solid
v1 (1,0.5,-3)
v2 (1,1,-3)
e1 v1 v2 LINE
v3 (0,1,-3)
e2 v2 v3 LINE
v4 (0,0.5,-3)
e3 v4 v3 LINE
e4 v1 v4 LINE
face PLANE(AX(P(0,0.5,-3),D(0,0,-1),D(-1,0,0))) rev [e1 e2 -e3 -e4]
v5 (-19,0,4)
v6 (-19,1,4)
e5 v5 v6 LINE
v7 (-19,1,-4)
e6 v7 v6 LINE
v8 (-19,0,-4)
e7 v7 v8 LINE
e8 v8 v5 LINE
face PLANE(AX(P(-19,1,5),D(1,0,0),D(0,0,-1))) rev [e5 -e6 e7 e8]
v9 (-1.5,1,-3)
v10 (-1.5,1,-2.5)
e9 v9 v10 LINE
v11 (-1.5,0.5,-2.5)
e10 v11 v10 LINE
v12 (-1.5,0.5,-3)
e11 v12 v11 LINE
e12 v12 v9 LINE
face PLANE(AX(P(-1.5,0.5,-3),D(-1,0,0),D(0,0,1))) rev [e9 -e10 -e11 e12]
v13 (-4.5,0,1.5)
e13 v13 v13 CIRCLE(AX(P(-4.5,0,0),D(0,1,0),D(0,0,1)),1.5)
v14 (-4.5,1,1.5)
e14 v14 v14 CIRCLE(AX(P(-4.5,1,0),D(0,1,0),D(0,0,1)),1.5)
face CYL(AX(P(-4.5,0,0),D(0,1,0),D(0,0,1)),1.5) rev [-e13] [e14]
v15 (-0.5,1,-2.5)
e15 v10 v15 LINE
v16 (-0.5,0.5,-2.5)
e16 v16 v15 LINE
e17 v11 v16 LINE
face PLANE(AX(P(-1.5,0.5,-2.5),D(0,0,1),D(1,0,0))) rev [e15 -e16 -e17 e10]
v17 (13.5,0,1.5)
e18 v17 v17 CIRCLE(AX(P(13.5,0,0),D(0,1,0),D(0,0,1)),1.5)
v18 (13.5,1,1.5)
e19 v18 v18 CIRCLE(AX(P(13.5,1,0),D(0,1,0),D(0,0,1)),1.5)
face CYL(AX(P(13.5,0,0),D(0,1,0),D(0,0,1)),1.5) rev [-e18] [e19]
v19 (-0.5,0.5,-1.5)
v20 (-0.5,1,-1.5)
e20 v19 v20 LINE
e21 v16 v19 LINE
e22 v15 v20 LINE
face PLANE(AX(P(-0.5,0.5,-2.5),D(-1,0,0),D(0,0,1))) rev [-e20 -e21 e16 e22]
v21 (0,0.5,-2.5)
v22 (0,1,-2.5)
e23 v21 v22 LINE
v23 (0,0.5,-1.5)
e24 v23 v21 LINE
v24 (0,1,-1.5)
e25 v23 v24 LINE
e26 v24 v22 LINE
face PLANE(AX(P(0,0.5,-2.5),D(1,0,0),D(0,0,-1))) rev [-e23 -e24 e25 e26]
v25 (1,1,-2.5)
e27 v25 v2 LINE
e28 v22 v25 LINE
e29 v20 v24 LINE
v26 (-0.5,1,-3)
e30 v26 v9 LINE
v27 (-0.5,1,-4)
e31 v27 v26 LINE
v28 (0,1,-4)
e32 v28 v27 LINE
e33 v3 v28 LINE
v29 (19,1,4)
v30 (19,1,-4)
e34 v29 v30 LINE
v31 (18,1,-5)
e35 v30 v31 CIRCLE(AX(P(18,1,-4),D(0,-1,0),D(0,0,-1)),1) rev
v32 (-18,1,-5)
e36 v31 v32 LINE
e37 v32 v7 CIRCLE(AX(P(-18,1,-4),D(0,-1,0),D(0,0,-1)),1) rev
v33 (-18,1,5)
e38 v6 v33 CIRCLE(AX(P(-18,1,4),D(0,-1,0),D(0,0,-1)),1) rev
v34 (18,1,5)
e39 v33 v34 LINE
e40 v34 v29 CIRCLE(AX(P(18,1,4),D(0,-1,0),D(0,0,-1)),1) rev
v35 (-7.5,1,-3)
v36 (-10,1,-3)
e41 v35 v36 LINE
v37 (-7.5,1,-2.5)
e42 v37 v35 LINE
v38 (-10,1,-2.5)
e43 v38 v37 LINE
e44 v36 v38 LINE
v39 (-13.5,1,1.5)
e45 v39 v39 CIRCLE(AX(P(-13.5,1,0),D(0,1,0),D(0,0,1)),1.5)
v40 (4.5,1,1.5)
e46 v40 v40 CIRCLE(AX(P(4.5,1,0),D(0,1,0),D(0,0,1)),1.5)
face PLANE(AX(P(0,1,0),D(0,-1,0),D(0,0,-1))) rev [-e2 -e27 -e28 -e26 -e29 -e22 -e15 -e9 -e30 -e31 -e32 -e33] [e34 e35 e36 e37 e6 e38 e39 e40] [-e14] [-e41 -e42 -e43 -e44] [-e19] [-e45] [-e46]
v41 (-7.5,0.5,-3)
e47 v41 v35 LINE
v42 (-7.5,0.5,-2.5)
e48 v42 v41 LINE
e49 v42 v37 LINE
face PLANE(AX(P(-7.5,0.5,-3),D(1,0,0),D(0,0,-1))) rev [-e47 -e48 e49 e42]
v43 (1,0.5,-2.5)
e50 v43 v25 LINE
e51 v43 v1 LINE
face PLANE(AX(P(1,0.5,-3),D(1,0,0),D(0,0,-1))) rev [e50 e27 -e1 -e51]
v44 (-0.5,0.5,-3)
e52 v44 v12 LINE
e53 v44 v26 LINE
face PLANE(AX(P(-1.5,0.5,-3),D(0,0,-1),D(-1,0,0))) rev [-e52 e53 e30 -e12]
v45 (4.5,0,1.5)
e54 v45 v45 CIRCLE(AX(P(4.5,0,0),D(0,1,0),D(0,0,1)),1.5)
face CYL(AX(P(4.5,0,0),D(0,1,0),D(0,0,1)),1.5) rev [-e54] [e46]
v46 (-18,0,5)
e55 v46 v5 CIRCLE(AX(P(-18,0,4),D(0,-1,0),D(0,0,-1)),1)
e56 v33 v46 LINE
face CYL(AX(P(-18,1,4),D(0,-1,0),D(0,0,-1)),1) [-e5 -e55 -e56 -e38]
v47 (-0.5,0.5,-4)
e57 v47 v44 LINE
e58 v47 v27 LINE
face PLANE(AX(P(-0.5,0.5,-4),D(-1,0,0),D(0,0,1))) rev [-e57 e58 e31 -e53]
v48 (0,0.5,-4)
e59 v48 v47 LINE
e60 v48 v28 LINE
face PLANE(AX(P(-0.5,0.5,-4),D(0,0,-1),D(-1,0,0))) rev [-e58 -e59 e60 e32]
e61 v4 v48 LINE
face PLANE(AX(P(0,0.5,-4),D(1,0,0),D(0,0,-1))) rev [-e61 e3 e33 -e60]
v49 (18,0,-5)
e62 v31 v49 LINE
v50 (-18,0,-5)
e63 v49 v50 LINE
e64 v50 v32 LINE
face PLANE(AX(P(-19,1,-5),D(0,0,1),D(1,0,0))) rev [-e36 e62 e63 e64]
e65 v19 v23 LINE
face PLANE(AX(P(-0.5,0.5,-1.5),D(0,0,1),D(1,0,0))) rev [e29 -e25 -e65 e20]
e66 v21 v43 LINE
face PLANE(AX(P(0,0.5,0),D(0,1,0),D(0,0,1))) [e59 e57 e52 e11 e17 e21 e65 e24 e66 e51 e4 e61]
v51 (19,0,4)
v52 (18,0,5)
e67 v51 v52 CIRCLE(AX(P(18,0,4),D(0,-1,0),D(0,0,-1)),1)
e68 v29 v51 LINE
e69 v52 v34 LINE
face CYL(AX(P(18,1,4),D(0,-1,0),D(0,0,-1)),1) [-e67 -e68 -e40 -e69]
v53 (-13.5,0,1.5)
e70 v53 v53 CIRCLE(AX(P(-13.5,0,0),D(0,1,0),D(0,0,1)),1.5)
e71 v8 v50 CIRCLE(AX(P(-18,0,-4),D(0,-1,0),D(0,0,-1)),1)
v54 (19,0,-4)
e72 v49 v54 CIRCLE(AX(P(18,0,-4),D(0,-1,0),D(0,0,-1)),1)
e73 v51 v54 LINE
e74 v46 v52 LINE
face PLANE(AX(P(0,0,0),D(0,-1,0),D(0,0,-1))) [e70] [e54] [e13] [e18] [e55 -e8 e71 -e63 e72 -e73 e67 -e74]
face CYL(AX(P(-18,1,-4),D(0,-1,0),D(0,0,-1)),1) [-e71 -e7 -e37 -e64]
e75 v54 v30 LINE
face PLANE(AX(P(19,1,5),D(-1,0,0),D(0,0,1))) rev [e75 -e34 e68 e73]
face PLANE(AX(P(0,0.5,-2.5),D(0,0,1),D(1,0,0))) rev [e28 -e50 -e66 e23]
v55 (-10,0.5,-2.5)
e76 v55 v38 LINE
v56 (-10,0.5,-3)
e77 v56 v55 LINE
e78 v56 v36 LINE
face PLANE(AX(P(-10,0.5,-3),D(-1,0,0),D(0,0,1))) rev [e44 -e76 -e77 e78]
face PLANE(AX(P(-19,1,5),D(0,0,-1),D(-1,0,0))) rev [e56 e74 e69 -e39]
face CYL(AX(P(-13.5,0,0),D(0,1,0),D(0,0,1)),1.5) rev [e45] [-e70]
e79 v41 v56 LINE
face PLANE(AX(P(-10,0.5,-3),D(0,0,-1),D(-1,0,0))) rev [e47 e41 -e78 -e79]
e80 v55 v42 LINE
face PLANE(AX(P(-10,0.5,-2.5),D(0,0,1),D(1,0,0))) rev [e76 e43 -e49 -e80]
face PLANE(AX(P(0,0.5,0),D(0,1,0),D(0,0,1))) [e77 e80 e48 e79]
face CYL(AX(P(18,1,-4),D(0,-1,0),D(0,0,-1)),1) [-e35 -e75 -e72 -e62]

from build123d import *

# Parameters (mm, degrees)
SKETCH_1_W          = 38
SKETCH_1_H          = 10
EXTRUDE_1_DEPTH     = 1
FILLET_1_R          = 1
SKETCH_2_R          = 1.5
CUT_EXTRUDE_1_DEPTH = 20.672315573
SKETCH_3_W          = 2.5
SKETCH_3_H          = 0.5
CUT_EXTRUDE_2_DEPTH = 0.5


with BuildPart() as part:
    # Эскиз1 → Бобышка-Вытянуть1 (new body)
    with BuildSketch(Plane(origin=(0, 0, 0), x_dir=(1, 0, 0), z_dir=(0, 1, 0))):
        Rectangle(SKETCH_1_W, SKETCH_1_H)
    extrude(amount=EXTRUDE_1_DEPTH)

    # Скругление1
    fillet_1_edges = [part.edges().sort_by_distance(p)[0] for p in [
        (19, 0.5, 5),
        (-19, 0.5, 5),
        (-19, 0.5, -5),
        (19, 0.5, -5),
    ]]
    fillet(fillet_1_edges, radius=FILLET_1_R)

    # Эскиз2 → Вырез-Вытянуть1 (cut, through all)
    with BuildSketch(Plane(origin=(0, 1, 0), x_dir=(1, 0, 0), z_dir=(0, 1, 0))):
        with Locations(Location((-13.5, 0, 0), (0, 0, 270))):
            Circle(SKETCH_2_R)
        with Locations(Location((-4.5, 0, 0), (0, 0, 270))):
            Circle(SKETCH_2_R)
        with Locations(Location((4.5, 0, 0), (0, 0, 270))):
            Circle(SKETCH_2_R)
        with Locations(Location((13.5, 0, 0), (0, 0, 270))):
            Circle(SKETCH_2_R)
    extrude(amount=-CUT_EXTRUDE_1_DEPTH, mode=Mode.SUBTRACT)

    # Эскиз3 → Вырез-Вытянуть2 (cut)
    with BuildSketch(Plane(origin=(0, 1, 0), x_dir=(1, 0, 0), z_dir=(0, 1, 0))):
        Polygon((0, 2.5), (0, 1.5), (-0.5, 1.5), (-0.5, 2.5), (-1.5, 2.5), (-1.5, 3), (-0.5, 3), (-0.5, 4), (0, 4), (0, 3), (1, 3), (1, 2.5), align=None)
        with Locations((-8.75, 2.75)):
            Rectangle(SKETCH_3_W, SKETCH_3_H)
    extrude(amount=-CUT_EXTRUDE_2_DEPTH, mode=Mode.SUBTRACT)


solid = part.part
